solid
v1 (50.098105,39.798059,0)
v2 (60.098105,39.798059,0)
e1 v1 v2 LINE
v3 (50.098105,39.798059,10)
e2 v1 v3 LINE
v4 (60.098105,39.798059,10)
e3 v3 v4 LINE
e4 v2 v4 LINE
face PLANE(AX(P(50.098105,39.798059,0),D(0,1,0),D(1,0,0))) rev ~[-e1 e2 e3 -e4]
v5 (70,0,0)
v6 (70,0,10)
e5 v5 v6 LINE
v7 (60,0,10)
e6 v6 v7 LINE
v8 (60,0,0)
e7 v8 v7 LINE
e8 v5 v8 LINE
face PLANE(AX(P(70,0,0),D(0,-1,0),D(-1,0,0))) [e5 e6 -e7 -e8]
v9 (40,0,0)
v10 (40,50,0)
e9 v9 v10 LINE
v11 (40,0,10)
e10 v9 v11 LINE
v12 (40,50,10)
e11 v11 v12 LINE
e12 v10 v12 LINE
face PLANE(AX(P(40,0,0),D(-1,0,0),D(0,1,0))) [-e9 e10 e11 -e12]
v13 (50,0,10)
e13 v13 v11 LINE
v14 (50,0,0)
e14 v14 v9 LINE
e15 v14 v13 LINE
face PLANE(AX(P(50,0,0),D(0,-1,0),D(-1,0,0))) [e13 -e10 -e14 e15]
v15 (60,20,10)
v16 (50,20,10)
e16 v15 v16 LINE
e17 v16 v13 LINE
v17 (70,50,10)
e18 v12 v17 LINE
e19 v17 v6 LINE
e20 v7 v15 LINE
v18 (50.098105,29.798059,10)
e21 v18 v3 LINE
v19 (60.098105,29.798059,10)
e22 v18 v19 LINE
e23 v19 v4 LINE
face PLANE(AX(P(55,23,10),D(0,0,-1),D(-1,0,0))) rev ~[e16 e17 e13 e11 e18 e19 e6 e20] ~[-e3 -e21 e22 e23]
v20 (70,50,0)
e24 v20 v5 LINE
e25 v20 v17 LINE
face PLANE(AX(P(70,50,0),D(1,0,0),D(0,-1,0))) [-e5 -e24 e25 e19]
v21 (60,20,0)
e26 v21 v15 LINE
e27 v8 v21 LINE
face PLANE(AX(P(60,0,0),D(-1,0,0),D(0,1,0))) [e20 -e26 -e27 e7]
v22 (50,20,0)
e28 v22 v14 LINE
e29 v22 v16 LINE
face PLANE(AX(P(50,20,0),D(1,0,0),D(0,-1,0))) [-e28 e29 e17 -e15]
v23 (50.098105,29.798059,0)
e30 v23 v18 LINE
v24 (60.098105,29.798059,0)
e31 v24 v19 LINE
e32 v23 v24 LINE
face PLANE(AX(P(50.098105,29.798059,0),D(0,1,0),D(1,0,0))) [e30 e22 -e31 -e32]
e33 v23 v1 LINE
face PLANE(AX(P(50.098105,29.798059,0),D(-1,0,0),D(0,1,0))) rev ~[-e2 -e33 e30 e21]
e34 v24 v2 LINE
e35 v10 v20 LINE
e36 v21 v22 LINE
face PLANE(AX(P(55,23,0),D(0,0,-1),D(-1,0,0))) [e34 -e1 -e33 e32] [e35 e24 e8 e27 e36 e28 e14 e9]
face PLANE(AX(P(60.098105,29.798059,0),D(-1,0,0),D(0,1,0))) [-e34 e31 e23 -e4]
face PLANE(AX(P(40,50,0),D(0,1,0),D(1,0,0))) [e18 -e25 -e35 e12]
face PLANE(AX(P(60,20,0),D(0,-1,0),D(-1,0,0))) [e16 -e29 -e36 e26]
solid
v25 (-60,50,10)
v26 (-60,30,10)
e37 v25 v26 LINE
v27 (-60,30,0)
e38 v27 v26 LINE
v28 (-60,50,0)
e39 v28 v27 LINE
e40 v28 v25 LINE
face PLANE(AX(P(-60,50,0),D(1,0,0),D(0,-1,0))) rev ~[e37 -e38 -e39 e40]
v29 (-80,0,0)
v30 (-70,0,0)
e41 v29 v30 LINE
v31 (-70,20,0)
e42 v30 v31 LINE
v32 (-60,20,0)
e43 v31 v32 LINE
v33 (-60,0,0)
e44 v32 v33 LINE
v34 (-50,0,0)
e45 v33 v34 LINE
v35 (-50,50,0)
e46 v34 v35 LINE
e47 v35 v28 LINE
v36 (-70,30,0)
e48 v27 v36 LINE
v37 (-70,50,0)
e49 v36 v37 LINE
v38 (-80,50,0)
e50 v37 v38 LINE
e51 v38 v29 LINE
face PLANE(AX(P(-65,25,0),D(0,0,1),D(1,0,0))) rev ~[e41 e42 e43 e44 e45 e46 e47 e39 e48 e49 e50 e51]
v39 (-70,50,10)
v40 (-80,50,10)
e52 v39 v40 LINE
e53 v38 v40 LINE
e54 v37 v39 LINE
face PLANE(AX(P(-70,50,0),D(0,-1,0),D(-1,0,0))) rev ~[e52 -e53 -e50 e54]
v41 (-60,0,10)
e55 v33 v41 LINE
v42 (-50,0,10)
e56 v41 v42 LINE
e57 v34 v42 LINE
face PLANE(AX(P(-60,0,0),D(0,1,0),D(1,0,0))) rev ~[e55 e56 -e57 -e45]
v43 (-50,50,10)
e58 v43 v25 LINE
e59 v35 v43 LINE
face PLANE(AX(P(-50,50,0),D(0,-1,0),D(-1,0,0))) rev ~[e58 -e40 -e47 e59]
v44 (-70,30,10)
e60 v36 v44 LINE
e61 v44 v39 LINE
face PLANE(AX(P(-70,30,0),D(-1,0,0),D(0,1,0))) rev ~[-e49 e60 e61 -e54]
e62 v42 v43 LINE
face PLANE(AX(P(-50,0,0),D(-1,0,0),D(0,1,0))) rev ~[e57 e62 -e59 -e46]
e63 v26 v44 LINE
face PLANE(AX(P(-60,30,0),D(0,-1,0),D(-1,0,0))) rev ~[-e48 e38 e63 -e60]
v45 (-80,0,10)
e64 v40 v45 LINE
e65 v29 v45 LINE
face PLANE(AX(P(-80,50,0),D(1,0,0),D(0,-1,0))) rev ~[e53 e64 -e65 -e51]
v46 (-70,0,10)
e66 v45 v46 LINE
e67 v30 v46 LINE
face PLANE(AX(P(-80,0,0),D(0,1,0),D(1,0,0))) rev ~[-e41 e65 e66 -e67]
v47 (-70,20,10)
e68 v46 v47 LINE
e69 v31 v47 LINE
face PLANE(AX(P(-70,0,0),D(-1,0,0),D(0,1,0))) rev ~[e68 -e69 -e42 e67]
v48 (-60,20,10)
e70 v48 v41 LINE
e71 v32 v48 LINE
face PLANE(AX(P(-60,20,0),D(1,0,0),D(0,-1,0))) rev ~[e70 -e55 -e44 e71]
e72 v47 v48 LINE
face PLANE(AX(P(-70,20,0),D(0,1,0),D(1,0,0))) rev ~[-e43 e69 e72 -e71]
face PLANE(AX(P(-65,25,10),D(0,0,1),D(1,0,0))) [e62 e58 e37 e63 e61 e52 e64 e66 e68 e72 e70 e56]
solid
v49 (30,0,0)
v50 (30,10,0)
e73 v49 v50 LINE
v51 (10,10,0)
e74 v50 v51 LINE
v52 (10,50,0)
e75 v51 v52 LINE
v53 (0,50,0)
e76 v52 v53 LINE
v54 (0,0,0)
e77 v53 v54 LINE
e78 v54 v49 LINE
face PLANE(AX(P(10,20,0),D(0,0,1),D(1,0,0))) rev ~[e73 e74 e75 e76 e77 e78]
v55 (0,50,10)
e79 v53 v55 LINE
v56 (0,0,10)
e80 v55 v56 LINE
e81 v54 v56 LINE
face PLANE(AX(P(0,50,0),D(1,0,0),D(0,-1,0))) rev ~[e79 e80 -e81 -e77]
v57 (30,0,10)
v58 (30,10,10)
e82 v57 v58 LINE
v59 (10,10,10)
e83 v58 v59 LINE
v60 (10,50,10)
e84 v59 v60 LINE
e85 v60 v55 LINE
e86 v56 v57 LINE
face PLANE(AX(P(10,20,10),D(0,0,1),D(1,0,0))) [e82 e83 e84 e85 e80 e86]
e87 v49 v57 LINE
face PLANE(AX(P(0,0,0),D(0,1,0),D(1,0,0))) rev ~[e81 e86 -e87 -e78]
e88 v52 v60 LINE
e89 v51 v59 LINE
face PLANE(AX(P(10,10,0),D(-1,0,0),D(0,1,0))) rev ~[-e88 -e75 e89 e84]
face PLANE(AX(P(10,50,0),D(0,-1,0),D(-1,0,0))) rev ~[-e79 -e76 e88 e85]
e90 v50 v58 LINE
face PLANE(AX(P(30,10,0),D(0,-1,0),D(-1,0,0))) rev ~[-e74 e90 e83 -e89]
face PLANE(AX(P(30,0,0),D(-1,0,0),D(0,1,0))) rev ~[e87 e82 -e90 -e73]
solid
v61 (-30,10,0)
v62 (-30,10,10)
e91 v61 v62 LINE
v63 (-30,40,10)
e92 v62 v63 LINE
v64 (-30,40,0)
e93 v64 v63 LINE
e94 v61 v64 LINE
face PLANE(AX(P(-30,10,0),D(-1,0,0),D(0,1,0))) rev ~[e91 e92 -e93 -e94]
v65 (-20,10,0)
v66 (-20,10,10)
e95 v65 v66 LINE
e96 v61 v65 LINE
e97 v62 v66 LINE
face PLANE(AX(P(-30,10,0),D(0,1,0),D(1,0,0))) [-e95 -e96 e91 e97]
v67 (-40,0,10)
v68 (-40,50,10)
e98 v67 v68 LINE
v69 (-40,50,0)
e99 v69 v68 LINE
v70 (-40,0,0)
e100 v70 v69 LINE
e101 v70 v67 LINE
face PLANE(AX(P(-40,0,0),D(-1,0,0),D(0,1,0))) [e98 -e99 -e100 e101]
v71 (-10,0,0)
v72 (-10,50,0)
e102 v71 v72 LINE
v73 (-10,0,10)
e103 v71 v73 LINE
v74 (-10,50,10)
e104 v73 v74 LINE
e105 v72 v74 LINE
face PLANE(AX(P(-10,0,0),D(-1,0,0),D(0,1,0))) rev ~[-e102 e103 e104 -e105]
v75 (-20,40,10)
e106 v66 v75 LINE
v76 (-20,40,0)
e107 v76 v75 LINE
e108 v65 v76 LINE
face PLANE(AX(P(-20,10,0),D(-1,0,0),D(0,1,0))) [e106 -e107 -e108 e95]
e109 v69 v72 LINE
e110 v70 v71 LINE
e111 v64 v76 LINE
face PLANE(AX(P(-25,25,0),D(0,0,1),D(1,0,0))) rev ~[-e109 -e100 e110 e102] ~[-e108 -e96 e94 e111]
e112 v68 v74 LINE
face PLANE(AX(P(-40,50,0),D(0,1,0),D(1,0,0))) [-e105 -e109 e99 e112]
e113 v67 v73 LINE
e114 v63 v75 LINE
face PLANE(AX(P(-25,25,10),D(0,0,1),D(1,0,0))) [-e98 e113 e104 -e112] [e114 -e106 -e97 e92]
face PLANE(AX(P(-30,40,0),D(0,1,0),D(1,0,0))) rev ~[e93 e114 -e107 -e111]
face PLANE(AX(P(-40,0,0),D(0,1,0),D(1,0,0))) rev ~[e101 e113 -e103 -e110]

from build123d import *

# Parameters (mm, degrees)
PAD_DEPTH     = 10
SKETCH001_W   = 30
SKETCH001_H   = 50
SKETCH001_W_2 = 10
SKETCH001_H_2 = 30
PAD001_DEPTH  = 10
PAD002_DEPTH  = 10
SKETCH003_W   = 10
SKETCH003_H   = 10
PAD003_DEPTH  = 10


with BuildPart() as letra_h:
    # Sketch → Pad (new body)
    with BuildSketch(Plane(origin=(-80, 0, 0), x_dir=(1, 0, 0), z_dir=(0, 0, 1))):
        Polygon((0, 0), (10, 0), (10, 20), (20, 20), (20, 0), (30, 0), (30, 50), (20, 50), (20, 30), (10, 30), (10, 50), (0, 50), align=None)
    extrude(amount=PAD_DEPTH)


with BuildPart() as letra_o:
    # Sketch001 → Pad001 (new body)
    with BuildSketch(Plane(origin=(-40, 0, 0), x_dir=(1, 0, 0), z_dir=(0, 0, 1))):
        with Locations((15, 25)):
            Rectangle(SKETCH001_W, SKETCH001_H)
        with Locations((15, 25)):
            Rectangle(SKETCH001_W_2, SKETCH001_H_2, mode=Mode.SUBTRACT)
    extrude(amount=PAD001_DEPTH)


with BuildPart() as letra_l:
    # Sketch002 → Pad002 (new body)
    with BuildSketch(Plane.XY):
        Polygon((0, 50), (0, 0), (30, 0), (30, 10), (10, 10), (10, 50), align=None)
    extrude(amount=PAD002_DEPTH)


with BuildPart() as letra_a:
    # Sketch003 → Pad003 (new body)
    with BuildSketch(Plane(origin=(40, 0, 0), x_dir=(1, 0, 0), z_dir=(0, 0, 1))):
        Polygon((0, 0), (0, 50), (30, 50), (30, 0), (20, 0), (20, 20), (10, 20), (10, 0), align=None)
        with Locations((15.098105, 34.798059)):
            Rectangle(SKETCH003_W, SKETCH003_H, mode=Mode.SUBTRACT)
    extrude(amount=PAD003_DEPTH)


solid = Compound([letra_h.part, letra_o.part, letra_l.part, letra_a.part])
